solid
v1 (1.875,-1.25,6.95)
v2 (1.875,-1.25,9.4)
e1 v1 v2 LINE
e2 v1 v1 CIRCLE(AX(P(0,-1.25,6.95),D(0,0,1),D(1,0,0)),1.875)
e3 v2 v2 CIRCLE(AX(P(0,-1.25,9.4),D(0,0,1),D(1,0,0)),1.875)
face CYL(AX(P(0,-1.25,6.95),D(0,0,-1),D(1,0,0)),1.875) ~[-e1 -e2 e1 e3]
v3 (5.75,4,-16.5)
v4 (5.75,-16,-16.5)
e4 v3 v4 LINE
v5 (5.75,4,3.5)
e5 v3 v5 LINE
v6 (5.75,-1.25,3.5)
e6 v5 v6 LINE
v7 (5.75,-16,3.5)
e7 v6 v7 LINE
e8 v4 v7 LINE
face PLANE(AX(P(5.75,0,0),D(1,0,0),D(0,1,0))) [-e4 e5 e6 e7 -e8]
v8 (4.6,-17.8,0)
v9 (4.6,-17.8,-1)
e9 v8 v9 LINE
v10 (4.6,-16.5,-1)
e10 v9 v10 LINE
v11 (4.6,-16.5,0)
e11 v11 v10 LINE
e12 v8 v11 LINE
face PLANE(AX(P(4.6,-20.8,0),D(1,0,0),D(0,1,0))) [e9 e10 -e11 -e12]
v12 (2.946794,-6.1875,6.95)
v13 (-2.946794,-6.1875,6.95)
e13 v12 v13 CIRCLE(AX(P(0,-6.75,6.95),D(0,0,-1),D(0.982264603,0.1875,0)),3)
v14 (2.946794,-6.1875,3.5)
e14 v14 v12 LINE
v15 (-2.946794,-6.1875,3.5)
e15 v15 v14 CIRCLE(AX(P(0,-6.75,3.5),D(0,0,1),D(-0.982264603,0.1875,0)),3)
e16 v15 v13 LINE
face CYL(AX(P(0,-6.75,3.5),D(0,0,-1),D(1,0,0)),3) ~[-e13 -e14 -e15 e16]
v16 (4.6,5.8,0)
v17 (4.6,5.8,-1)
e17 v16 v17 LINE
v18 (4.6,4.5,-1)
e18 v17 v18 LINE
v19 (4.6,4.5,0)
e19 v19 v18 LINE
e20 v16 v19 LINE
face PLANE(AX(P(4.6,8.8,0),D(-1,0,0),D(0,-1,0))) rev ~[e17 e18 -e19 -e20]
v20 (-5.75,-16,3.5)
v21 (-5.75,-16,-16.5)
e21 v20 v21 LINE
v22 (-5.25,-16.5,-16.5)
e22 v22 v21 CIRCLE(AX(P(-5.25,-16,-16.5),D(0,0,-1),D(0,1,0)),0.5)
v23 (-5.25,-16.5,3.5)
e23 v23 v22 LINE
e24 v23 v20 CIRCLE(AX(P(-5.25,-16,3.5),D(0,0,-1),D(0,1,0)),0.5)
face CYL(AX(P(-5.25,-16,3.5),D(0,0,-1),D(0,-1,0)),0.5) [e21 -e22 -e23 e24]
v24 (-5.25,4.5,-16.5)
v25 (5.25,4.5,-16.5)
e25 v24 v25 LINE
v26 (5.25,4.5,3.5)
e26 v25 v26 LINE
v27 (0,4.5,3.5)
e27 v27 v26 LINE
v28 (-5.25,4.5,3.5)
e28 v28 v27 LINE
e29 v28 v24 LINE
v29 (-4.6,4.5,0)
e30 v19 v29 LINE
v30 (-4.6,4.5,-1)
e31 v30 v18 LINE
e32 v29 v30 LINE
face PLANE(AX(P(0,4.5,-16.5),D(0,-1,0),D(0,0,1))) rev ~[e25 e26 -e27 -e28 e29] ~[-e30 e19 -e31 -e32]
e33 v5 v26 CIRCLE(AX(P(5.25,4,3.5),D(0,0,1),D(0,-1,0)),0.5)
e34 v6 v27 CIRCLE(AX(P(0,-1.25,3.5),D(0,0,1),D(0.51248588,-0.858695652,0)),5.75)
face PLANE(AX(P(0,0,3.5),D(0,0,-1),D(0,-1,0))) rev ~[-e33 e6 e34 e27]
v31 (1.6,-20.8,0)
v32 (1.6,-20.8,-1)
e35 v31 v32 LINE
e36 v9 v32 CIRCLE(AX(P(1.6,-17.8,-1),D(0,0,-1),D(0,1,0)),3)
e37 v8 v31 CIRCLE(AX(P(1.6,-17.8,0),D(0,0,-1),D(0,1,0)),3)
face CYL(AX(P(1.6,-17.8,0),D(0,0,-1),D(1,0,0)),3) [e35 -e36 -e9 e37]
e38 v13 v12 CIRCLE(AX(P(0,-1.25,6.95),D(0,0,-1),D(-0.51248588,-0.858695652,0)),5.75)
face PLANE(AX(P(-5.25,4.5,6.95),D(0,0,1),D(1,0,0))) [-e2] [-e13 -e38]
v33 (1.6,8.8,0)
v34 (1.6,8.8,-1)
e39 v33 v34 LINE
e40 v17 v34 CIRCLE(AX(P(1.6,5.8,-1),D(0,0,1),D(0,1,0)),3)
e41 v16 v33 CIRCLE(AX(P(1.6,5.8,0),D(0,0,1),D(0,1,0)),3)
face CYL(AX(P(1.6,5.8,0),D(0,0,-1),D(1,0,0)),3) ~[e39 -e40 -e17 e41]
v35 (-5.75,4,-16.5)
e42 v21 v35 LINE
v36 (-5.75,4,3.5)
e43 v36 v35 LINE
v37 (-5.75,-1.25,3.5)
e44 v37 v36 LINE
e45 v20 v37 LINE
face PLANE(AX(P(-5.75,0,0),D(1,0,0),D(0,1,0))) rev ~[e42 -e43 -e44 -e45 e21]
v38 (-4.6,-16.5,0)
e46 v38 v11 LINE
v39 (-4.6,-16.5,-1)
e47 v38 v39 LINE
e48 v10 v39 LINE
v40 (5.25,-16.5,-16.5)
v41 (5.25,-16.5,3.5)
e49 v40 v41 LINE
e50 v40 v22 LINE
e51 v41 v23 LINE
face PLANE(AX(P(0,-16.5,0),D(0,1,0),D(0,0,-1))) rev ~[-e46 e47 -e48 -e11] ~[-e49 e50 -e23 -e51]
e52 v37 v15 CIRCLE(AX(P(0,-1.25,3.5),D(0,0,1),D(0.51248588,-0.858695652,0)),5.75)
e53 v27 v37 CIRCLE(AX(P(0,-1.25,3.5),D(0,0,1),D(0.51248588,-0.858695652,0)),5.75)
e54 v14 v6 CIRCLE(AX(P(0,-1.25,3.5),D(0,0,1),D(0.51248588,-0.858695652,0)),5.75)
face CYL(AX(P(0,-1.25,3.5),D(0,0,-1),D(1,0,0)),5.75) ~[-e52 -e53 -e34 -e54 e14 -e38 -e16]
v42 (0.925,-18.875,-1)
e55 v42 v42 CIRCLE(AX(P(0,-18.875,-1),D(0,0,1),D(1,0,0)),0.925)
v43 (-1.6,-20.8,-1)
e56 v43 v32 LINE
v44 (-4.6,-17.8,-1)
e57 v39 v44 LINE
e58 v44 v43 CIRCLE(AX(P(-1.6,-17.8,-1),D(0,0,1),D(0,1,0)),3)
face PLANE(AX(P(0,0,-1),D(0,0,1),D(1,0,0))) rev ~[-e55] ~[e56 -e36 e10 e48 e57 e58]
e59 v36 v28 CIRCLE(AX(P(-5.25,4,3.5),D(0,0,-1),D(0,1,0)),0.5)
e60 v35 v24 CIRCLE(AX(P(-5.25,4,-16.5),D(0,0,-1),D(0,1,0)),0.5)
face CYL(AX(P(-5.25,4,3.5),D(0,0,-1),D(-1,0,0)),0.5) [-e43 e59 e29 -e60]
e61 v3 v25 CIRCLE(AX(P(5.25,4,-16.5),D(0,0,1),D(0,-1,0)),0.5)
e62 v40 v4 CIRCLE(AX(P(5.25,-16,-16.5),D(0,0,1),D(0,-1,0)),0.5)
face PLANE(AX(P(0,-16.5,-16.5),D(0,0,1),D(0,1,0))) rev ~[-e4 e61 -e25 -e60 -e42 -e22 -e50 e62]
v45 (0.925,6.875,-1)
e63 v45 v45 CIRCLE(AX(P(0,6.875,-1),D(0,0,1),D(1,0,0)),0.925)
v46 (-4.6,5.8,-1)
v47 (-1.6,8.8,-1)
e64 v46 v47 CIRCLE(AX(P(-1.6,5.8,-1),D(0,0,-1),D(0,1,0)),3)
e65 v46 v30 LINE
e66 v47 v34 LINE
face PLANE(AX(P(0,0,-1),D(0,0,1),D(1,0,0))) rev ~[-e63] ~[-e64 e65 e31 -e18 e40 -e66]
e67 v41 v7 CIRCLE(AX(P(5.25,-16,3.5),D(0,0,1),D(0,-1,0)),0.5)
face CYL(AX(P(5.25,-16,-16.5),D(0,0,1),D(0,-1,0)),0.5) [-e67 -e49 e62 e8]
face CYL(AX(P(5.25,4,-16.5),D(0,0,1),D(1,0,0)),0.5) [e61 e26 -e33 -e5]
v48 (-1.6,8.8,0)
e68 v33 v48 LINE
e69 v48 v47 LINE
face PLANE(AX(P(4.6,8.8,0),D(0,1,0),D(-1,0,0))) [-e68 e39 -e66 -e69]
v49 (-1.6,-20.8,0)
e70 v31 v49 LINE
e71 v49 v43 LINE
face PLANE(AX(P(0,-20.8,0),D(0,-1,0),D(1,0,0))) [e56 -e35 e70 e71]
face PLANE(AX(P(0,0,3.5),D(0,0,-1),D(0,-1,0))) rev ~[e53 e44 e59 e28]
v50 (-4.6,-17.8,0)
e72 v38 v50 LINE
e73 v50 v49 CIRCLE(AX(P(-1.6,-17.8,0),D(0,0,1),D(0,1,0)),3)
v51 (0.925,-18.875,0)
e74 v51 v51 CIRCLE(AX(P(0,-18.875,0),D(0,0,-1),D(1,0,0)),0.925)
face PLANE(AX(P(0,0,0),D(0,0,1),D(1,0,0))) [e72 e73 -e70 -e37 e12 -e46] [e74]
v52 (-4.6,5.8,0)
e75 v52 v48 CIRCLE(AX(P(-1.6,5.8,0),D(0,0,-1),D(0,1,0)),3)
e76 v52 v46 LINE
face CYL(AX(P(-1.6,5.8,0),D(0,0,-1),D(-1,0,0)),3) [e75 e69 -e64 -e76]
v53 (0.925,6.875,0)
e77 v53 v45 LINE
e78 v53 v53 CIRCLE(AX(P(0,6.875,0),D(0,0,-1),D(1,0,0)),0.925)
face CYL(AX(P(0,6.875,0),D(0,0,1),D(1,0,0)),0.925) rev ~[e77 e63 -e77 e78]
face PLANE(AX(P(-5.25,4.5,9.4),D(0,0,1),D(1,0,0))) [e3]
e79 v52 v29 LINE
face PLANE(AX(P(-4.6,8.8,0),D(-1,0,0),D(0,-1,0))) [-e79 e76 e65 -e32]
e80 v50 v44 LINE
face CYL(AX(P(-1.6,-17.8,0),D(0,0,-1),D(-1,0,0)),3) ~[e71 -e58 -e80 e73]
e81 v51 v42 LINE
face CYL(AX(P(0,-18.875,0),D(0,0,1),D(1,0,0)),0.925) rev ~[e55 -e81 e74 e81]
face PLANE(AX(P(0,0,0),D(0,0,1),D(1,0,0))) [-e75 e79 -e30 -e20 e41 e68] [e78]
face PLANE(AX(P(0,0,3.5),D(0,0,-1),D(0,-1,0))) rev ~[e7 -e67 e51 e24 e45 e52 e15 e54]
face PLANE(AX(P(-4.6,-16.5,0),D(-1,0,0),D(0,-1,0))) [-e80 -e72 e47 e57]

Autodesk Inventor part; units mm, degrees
ref_plane "YZ Plane" through (0, 0, 0) normal (1, 0, 0) x (0, 1, 0)
ref_plane "XZ Plane" through (0, 0, 0) normal (0, 1, 0) x (-1, 0, 0)
ref_plane "XY Plane" through (0, 0, 0) normal (0, 0, 1) x (1, 0, 0)
sketch "Sketch1" plane through (0, 0, 0) normal (1, 0, 0) x (0, 1, 0)
  line L0 (0, -20.5) -> (0, 7.5) projected
  line L1 (-20.7, 0) -> (8.7, 0) projected
  line L2 (4.5, 3.5) -> (-16.5, 3.5)
  line L3 (-16.5, 3.5) -> (-16.5, -16.5)
  line L4 (-16.5, -16.5) -> (4.5, -16.5)
  line L5 (4.5, -16.5) -> (4.5, 3.5)
  point P0 (0, 0)
  dimension "d0" = 4.5
  dimension "d1" = 20
  dimension "d2" = 21
  dimension "d3" = 3.5
extrude "Extrusion1" add sketch "Sketch1" along normal mid plane 11.5
sketch "Sketch2" plane through (0, 0, 0) normal (0, 0, 1) x (1, 0, 0)
  line L0 (5.75, 4.5) -> (-5.75, 4.5) projected
  line L1 (-5.75, 4.5) -> (5.75, 4.5) projected
  line L2 (-5.75, -16.5) -> (5.75, -16.5) projected
  line L3 (-5.75, -16.5) -> (5.75, -16.5) projected
  line L4 (-5.75, 4.5) -> (5.75, 4.5)
  line L5 (4.6, 8.8) -> (-4.6, 8.8)
  line L6 (-5.75, -16.5) -> (5.75, -16.5)
  circle A0 centre (0, 6.875) radius 0.925
  line L7 (0, -26.72) -> (0, 14.72) projected
  line L8 (-5.75, -16.5) -> (-5.75, 4.5) projected
  line L9 (5.75, 4.5) -> (5.75, -16.5) projected
  line L10 (-5.75, -6) -> (5.75, -6) construction
  circle A1 centre (0, -18.875) radius 0.925
  line L11 (-4.6, 8.8) -> (-4.6, 4.5)
  line L12 (4.6, 8.8) -> (4.6, 4.5)
  line L13 (-4.6, -16.5) -> (-4.6, -20.8)
  line L14 (-4.6, -20.8) -> (4.6, -20.8)
  line L15 (4.6, -20.8) -> (4.6, -16.5)
  point P0 (0, 0)
  point P1 (0, 7.8)
  dimension "d7" = 1.85
  dimension "d8" = 3.3
  dimension "d12" = 9.2
  dimension "d13" = 4.3
extrude "Extrusion2" add sketch "Sketch2" against normal blind 1 contours L0 L7 A0 L5 L12 | L0 L11 L5 L7 A0 | L15 L14 L7 A1 L2 | L7 A1 L14 L13 L2
fillet "Fillet1" radius 3 4 edges at (4.6, 8.8, -0.5) (-4.6, 8.8, -0.5) (-4.6, -20.8, -0.5) (4.6, -20.8, -0.5)
fillet "Fillet2" radius 0.5 4 edges at (5.75, -16.5, -6.5) (-5.75, -16.5, -6.5) (-5.75, 4.5, -6.5) (5.75, 4.5, -6.5)
sketch "Sketch3" plane through (-5.25, 4.5, 3.5) normal (0, 0, 1) x (1, 0, 0)
  line L0 (11, -0.5) -> (11, -20.5) projected
  line L1 (5.25, -5.75) -> (5.25, -11.25) construction
  circle A0 centre (5.25, -11.25) radius 3
  line L2 (10.5, 0) -> (0, 0) projected
  line L3 (-0.5, -20.5) -> (-0.5, -0.5) projected
  circle A1 centre (5.25, -5.75) radius 5.75
  point P0 (5.25, -4.5)
  dimension "d16" = 6
  dimension "d17" = 5.5
extrude "Extrusion3" add sketch "Sketch3" along normal blind 3.45
sketch "Sketch4" plane through (-5.25, 4.5, 6.95) normal (0, 0, 1) x (1, 0, 0)
  arc A0 (8.1968, -10.6875) -> (2.3032, -10.6875) centre (5.25, -5.75) ccw projected
  circle A1 centre (5.25, -5.75) radius 1.875
  point P0 (5.25, -4.5)
  dimension "d20" = 3.75
extrude "Extrusion4" add sketch "Sketch4" along normal blind 2.45
properties part number "empty"
